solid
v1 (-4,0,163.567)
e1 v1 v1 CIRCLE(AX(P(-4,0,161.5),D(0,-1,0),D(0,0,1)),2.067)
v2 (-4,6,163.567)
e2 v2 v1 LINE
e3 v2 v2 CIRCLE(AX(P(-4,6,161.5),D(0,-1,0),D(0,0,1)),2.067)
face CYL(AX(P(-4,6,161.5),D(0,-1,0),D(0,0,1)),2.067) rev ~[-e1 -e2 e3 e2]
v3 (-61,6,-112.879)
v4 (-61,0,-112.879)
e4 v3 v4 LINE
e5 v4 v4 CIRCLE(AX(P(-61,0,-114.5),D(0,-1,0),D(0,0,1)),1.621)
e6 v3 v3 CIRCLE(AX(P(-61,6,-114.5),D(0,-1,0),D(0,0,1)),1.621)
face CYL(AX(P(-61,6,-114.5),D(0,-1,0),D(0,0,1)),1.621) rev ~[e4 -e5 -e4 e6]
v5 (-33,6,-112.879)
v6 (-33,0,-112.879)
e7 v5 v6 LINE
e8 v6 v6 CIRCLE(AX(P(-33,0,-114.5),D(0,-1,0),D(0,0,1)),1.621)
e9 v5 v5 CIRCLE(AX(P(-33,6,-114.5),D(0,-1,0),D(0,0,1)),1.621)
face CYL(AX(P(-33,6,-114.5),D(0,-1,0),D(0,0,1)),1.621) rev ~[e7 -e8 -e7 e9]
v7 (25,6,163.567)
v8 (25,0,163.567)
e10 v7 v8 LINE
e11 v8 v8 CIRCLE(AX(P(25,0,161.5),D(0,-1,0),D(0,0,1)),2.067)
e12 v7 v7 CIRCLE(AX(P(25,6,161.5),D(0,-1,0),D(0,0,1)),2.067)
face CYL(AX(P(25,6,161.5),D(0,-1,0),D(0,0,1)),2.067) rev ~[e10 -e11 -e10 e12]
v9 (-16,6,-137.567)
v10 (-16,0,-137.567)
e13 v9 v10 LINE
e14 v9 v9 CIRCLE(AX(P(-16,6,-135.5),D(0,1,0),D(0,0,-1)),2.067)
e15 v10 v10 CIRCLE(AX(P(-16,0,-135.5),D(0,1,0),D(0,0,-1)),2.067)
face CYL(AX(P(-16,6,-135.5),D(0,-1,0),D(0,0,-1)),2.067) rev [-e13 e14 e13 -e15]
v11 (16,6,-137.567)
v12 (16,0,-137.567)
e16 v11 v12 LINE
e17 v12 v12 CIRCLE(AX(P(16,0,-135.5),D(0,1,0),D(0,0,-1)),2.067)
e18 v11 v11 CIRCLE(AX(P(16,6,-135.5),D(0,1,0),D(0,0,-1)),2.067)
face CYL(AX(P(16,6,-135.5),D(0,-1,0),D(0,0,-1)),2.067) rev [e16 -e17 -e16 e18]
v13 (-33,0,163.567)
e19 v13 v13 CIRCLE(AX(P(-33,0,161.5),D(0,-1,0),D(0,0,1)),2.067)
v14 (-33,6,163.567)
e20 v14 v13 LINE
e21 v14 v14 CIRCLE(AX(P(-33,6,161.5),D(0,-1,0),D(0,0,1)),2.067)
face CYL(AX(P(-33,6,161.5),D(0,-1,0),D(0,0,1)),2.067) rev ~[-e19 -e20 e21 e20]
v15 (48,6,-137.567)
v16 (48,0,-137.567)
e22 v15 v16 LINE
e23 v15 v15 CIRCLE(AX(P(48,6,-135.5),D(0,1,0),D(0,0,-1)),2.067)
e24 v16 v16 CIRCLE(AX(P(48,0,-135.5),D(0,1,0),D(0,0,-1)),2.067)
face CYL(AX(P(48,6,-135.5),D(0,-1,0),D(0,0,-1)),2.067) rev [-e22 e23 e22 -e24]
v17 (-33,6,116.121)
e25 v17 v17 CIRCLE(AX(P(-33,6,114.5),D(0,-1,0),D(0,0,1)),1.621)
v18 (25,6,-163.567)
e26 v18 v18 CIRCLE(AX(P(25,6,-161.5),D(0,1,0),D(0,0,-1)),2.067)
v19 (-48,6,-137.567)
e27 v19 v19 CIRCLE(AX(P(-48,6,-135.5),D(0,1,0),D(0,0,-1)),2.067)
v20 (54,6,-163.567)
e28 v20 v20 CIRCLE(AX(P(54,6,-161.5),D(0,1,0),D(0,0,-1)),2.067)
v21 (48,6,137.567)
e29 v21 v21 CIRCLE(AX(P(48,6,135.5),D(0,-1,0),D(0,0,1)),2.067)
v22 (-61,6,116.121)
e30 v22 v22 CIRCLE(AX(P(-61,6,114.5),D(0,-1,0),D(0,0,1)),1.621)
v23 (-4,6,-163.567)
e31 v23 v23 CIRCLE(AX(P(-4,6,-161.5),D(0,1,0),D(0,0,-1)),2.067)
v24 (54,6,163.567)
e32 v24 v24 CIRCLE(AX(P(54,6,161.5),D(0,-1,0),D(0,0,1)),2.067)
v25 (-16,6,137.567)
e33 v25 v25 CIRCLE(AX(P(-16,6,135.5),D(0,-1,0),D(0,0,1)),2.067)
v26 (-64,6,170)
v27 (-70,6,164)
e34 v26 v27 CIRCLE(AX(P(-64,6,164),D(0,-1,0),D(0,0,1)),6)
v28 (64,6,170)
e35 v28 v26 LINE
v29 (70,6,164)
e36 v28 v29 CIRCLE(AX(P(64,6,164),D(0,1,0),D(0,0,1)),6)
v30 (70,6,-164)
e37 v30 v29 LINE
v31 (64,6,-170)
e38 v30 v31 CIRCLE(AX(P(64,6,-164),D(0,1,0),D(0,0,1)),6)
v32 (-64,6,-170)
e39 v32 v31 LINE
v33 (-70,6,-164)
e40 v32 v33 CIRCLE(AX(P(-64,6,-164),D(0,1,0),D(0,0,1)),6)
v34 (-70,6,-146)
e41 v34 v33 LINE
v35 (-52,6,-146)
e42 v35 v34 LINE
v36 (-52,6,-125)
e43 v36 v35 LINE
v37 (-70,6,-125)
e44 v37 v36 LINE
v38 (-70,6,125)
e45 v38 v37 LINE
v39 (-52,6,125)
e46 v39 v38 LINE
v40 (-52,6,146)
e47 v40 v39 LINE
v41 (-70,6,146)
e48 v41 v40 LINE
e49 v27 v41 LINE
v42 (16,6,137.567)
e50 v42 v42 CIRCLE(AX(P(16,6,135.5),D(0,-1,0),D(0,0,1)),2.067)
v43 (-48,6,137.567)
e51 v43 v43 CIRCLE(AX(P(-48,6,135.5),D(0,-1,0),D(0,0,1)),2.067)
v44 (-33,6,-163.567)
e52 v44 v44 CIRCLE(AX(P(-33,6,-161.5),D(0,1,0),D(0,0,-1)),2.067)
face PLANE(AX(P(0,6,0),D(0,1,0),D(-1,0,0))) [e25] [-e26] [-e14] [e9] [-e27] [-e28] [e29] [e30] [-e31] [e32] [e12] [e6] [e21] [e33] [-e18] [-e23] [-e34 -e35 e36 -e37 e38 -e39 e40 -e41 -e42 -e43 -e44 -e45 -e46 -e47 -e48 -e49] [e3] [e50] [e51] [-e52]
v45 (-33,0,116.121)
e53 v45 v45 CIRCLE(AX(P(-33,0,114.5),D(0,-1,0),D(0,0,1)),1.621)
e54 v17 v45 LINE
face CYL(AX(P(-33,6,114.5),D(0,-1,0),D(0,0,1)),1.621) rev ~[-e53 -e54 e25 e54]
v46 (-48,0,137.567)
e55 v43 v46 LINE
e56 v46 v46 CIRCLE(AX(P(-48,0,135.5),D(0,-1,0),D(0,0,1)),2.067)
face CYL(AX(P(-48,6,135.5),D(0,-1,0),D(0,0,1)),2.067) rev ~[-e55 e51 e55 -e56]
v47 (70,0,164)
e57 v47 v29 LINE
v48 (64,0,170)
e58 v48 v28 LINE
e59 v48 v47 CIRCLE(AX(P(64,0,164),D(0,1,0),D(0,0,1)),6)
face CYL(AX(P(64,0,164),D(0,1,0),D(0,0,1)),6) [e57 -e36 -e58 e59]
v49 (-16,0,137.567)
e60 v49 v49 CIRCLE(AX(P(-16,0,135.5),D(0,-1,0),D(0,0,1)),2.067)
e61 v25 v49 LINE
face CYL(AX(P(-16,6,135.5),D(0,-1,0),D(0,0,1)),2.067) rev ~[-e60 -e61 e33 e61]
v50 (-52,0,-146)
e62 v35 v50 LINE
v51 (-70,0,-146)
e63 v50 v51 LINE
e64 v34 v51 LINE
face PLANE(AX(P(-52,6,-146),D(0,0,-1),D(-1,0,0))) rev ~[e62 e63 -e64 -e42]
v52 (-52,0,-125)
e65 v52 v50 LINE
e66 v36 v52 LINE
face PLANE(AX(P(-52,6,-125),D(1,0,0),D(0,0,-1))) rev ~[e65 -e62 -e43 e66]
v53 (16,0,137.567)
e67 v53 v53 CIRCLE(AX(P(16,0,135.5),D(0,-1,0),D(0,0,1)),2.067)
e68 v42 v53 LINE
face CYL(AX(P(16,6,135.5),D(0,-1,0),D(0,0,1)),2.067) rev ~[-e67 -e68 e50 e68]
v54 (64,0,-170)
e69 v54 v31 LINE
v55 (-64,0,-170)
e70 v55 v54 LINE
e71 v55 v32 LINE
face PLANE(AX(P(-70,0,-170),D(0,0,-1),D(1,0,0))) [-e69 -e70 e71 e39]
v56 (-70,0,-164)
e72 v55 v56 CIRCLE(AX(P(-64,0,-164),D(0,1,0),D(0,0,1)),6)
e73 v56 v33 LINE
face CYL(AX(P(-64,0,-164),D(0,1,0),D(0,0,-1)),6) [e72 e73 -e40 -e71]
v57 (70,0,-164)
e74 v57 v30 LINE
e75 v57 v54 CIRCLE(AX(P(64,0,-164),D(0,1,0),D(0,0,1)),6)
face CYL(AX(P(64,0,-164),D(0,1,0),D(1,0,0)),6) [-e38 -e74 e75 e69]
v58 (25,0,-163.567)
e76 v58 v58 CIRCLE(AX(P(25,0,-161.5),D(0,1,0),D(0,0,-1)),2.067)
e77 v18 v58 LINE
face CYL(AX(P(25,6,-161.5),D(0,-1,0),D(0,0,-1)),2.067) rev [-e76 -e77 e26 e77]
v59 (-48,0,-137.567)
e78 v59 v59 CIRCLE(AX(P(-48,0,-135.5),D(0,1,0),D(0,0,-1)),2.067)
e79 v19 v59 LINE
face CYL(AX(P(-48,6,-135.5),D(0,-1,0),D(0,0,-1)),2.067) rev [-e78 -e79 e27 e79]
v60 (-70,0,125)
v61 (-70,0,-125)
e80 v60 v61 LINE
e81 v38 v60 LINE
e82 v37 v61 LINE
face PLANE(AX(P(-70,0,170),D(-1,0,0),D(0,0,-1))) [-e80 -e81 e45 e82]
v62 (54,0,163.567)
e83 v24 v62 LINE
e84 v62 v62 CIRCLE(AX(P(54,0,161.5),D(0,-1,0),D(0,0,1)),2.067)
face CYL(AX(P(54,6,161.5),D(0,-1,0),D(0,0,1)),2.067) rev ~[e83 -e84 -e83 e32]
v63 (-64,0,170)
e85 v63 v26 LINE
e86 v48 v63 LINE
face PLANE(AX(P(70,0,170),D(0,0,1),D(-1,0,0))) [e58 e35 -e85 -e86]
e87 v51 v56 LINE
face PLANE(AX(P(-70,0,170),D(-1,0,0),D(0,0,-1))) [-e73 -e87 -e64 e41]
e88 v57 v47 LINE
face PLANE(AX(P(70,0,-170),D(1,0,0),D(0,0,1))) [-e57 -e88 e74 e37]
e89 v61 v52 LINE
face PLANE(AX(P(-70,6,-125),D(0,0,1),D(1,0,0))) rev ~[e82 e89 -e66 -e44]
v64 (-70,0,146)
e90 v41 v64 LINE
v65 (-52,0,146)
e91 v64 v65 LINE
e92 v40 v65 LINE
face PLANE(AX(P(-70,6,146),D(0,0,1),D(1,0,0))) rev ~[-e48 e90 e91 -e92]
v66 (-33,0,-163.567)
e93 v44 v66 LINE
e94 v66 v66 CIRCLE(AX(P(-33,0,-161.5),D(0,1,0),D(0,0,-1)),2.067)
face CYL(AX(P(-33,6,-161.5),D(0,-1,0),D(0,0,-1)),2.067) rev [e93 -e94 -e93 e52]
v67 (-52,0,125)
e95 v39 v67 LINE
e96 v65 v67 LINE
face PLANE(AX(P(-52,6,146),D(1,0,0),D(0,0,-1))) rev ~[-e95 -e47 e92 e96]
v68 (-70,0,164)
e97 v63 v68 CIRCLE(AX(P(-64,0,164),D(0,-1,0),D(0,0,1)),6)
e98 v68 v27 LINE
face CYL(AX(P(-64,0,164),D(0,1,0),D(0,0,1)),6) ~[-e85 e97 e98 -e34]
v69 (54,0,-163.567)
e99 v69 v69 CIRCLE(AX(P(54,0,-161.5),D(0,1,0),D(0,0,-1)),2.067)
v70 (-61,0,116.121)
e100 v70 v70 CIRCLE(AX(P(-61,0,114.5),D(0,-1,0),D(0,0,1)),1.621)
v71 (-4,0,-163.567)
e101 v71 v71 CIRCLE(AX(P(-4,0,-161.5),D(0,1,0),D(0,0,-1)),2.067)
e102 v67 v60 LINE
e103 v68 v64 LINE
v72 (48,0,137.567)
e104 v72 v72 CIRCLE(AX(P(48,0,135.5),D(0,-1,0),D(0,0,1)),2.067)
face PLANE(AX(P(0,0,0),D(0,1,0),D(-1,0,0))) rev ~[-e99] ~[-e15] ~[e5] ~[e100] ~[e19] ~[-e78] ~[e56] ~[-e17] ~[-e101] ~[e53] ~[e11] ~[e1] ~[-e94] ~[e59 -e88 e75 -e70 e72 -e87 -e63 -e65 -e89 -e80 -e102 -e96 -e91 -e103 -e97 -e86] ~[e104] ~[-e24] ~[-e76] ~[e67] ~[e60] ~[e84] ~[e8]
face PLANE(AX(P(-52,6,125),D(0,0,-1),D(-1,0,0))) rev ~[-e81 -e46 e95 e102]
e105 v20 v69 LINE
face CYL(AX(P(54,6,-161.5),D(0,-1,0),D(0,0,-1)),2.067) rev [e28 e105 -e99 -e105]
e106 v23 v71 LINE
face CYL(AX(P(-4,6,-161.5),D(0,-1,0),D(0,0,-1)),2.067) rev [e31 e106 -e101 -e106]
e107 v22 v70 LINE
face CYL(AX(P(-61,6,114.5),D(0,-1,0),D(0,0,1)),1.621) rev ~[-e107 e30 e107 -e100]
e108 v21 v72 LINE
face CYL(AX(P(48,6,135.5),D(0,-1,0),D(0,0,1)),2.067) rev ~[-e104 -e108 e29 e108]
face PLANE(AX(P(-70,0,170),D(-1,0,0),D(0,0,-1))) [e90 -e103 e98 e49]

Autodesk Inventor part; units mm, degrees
ref_plane "YZ Plane" through (0, 0, 0) normal (1, 0, 0) x (0, 1, 0)
ref_plane "XZ Plane" through (0, 0, 0) normal (0, 1, 0) x (-1, 0, 0)
sketch "Skizze1" plane through (0, 0, 0) normal (0, 1, 0) x (-1, 0, 0)
  line L0 (-70, 170) -> (70, 170)
  line L1 (70, 170) -> (70, -170)
  line L2 (70, -170) -> (-70, -170)
  line L3 (-70, -170) -> (-70, 170)
  line L4 (-70, 170) -> (70, -170) construction
  line L5 (70, 170) -> (-70, -170) construction
  point P0 (0, 0)
  dimension "d0" = 340
  dimension "d1" = 140
extrude "Extrusion1" add sketch "Skizze1" along normal blind 6
sketch "Skizze2" plane through (0, 6, 0) normal (0, 1, 0) x (1, 0, 0)
  line L0 (-70, 170) -> (-70, -170) projected
  line L1 (-70, -146) -> (-52, -146)
  line L2 (-52, -146) -> (-52, -125)
  line L3 (-52, -125) -> (-70, -125)
  line L4 (-70, 125) -> (-52, 125)
  line L5 (-52, 125) -> (-52, 146)
  line L6 (-52, 146) -> (-70, 146)
  line L7 (-70, -170) -> (70, -170) projected
  line L8 (70, 170) -> (-70, 170) projected
  point P0 (0, 0)
  dimension "d4" = 21
  dimension "d5" = 21
  dimension "d6" = 24
  dimension "d7" = 24
  dimension "d8" = 18
extrude "Extrusion2" cut sketch "Skizze2" against normal up to surface (6 mm away)
sketch "Skizze3" plane through (0, 6, 0) normal (0, 1, 0) x (1, 0, 0)
  line L0 (70, -170) -> (70, 170) projected
  line L1 (-52, -125) -> (-52, -146) projected
  point P0 (0, 0)
  point P1 (-48, -135.5)
  point P2 (-16, -135.5)
  point P3 (16, -135.5)
  point P4 (48, -135.5)
  point P5 (-52, -135.5)
  dimension "d11" = 22
  dimension "d12" = 32
  dimension "d13" = 32
  dimension "d14" = 32
hole "Bohrung1" at (-48, 6, 135.5) at (-16, 6, 135.5) at (16, 6, 135.5) at (48, 6, 135.5) direction (0, -1, 0) diameter 4.134 depth 6 thread size "M5x0.8" class "6H" standard "ISO Metric profile"
fillet "Rundung1" radius 6 4 edges at (-70, 3, 170) (70, 3, 170) (70, 3, -170) (-70, 3, -170)
sketch "Skizze4" plane through (0, 6, 0) normal (0, 1, 0) x (1, 0, 0)
  circle A0 centre (48, -135.5) radius 2.067 projected
  line L0 (70, -164) -> (70, 164) projected
  point P0 (0, 0)
  point P1 (54, -161.5)
  point P2 (25, -161.5)
  point P3 (-4, -161.5)
  point P4 (-33, -161.5)
  dimension "d23" = 26
  dimension "d24" = 16
  dimension "d25" = 29
  dimension "d26" = 29
  dimension "d27" = 29
hole "Bohrung2" at (54, 6, 161.5) at (25, 6, 161.5) at (-4, 6, 161.5) at (-33, 6, 161.5) direction (0, -1, 0) diameter 4.134 depth 6 thread size "M5x0.8" class "6H" standard "ISO Metric profile"
ref_plane "Arbeitsebene1" through (0, 0, 0) normal (0, 0, 1) x (1, 0, 0)
mirror "Spiegeln1" about plane through (0, 0, 0) normal (0, 0, 1) of "Bohrung2", "Bohrung1"
sketch "Skizze5" plane through (0, 6, 0) normal (0, 1, 0) x (1, 0, 0)
  line L0 (-70, -125) -> (-52, -125) projected
  point P0 (0, 0)
  point P1 (-61, -114.5)
  point P2 (-61, 114.5)
  point P3 (-61, -125)
  dimension "d36" = 114.5
  dimension "d37" = 114.5
hole "Bohrung3" at (-61, 6, 114.5) at (-61, 6, -114.5) direction (0, -1, 0) diameter 3.242 depth 6 thread size "M4x0.7" class "6H" standard "ISO Metric profile"
sketch "Skizze6" plane through (0, 6, 0) normal (0, 1, 0) x (1, 0, 0)
  line L0 (-52, -125) -> (-52, -146) projected
  point P0 (0, 0)
  point P1 (-33, -114.5)
  point P2 (-33, 114.5)
  dimension "d45" = 19
  dimension "d46" = 114.5
  dimension "d47" = 114.5
hole "Bohrung4" at (-33, 6, 114.5) at (-33, 6, -114.5) direction (0, -1, 0) diameter 3.242 depth 6 thread size "M4x0.7" class "6H" standard "ISO Metric profile"
equation "\"d26\" = d25"
equation "\"d27\" = d25"
equation "\"d37\" = d36"
properties part number "1011"
